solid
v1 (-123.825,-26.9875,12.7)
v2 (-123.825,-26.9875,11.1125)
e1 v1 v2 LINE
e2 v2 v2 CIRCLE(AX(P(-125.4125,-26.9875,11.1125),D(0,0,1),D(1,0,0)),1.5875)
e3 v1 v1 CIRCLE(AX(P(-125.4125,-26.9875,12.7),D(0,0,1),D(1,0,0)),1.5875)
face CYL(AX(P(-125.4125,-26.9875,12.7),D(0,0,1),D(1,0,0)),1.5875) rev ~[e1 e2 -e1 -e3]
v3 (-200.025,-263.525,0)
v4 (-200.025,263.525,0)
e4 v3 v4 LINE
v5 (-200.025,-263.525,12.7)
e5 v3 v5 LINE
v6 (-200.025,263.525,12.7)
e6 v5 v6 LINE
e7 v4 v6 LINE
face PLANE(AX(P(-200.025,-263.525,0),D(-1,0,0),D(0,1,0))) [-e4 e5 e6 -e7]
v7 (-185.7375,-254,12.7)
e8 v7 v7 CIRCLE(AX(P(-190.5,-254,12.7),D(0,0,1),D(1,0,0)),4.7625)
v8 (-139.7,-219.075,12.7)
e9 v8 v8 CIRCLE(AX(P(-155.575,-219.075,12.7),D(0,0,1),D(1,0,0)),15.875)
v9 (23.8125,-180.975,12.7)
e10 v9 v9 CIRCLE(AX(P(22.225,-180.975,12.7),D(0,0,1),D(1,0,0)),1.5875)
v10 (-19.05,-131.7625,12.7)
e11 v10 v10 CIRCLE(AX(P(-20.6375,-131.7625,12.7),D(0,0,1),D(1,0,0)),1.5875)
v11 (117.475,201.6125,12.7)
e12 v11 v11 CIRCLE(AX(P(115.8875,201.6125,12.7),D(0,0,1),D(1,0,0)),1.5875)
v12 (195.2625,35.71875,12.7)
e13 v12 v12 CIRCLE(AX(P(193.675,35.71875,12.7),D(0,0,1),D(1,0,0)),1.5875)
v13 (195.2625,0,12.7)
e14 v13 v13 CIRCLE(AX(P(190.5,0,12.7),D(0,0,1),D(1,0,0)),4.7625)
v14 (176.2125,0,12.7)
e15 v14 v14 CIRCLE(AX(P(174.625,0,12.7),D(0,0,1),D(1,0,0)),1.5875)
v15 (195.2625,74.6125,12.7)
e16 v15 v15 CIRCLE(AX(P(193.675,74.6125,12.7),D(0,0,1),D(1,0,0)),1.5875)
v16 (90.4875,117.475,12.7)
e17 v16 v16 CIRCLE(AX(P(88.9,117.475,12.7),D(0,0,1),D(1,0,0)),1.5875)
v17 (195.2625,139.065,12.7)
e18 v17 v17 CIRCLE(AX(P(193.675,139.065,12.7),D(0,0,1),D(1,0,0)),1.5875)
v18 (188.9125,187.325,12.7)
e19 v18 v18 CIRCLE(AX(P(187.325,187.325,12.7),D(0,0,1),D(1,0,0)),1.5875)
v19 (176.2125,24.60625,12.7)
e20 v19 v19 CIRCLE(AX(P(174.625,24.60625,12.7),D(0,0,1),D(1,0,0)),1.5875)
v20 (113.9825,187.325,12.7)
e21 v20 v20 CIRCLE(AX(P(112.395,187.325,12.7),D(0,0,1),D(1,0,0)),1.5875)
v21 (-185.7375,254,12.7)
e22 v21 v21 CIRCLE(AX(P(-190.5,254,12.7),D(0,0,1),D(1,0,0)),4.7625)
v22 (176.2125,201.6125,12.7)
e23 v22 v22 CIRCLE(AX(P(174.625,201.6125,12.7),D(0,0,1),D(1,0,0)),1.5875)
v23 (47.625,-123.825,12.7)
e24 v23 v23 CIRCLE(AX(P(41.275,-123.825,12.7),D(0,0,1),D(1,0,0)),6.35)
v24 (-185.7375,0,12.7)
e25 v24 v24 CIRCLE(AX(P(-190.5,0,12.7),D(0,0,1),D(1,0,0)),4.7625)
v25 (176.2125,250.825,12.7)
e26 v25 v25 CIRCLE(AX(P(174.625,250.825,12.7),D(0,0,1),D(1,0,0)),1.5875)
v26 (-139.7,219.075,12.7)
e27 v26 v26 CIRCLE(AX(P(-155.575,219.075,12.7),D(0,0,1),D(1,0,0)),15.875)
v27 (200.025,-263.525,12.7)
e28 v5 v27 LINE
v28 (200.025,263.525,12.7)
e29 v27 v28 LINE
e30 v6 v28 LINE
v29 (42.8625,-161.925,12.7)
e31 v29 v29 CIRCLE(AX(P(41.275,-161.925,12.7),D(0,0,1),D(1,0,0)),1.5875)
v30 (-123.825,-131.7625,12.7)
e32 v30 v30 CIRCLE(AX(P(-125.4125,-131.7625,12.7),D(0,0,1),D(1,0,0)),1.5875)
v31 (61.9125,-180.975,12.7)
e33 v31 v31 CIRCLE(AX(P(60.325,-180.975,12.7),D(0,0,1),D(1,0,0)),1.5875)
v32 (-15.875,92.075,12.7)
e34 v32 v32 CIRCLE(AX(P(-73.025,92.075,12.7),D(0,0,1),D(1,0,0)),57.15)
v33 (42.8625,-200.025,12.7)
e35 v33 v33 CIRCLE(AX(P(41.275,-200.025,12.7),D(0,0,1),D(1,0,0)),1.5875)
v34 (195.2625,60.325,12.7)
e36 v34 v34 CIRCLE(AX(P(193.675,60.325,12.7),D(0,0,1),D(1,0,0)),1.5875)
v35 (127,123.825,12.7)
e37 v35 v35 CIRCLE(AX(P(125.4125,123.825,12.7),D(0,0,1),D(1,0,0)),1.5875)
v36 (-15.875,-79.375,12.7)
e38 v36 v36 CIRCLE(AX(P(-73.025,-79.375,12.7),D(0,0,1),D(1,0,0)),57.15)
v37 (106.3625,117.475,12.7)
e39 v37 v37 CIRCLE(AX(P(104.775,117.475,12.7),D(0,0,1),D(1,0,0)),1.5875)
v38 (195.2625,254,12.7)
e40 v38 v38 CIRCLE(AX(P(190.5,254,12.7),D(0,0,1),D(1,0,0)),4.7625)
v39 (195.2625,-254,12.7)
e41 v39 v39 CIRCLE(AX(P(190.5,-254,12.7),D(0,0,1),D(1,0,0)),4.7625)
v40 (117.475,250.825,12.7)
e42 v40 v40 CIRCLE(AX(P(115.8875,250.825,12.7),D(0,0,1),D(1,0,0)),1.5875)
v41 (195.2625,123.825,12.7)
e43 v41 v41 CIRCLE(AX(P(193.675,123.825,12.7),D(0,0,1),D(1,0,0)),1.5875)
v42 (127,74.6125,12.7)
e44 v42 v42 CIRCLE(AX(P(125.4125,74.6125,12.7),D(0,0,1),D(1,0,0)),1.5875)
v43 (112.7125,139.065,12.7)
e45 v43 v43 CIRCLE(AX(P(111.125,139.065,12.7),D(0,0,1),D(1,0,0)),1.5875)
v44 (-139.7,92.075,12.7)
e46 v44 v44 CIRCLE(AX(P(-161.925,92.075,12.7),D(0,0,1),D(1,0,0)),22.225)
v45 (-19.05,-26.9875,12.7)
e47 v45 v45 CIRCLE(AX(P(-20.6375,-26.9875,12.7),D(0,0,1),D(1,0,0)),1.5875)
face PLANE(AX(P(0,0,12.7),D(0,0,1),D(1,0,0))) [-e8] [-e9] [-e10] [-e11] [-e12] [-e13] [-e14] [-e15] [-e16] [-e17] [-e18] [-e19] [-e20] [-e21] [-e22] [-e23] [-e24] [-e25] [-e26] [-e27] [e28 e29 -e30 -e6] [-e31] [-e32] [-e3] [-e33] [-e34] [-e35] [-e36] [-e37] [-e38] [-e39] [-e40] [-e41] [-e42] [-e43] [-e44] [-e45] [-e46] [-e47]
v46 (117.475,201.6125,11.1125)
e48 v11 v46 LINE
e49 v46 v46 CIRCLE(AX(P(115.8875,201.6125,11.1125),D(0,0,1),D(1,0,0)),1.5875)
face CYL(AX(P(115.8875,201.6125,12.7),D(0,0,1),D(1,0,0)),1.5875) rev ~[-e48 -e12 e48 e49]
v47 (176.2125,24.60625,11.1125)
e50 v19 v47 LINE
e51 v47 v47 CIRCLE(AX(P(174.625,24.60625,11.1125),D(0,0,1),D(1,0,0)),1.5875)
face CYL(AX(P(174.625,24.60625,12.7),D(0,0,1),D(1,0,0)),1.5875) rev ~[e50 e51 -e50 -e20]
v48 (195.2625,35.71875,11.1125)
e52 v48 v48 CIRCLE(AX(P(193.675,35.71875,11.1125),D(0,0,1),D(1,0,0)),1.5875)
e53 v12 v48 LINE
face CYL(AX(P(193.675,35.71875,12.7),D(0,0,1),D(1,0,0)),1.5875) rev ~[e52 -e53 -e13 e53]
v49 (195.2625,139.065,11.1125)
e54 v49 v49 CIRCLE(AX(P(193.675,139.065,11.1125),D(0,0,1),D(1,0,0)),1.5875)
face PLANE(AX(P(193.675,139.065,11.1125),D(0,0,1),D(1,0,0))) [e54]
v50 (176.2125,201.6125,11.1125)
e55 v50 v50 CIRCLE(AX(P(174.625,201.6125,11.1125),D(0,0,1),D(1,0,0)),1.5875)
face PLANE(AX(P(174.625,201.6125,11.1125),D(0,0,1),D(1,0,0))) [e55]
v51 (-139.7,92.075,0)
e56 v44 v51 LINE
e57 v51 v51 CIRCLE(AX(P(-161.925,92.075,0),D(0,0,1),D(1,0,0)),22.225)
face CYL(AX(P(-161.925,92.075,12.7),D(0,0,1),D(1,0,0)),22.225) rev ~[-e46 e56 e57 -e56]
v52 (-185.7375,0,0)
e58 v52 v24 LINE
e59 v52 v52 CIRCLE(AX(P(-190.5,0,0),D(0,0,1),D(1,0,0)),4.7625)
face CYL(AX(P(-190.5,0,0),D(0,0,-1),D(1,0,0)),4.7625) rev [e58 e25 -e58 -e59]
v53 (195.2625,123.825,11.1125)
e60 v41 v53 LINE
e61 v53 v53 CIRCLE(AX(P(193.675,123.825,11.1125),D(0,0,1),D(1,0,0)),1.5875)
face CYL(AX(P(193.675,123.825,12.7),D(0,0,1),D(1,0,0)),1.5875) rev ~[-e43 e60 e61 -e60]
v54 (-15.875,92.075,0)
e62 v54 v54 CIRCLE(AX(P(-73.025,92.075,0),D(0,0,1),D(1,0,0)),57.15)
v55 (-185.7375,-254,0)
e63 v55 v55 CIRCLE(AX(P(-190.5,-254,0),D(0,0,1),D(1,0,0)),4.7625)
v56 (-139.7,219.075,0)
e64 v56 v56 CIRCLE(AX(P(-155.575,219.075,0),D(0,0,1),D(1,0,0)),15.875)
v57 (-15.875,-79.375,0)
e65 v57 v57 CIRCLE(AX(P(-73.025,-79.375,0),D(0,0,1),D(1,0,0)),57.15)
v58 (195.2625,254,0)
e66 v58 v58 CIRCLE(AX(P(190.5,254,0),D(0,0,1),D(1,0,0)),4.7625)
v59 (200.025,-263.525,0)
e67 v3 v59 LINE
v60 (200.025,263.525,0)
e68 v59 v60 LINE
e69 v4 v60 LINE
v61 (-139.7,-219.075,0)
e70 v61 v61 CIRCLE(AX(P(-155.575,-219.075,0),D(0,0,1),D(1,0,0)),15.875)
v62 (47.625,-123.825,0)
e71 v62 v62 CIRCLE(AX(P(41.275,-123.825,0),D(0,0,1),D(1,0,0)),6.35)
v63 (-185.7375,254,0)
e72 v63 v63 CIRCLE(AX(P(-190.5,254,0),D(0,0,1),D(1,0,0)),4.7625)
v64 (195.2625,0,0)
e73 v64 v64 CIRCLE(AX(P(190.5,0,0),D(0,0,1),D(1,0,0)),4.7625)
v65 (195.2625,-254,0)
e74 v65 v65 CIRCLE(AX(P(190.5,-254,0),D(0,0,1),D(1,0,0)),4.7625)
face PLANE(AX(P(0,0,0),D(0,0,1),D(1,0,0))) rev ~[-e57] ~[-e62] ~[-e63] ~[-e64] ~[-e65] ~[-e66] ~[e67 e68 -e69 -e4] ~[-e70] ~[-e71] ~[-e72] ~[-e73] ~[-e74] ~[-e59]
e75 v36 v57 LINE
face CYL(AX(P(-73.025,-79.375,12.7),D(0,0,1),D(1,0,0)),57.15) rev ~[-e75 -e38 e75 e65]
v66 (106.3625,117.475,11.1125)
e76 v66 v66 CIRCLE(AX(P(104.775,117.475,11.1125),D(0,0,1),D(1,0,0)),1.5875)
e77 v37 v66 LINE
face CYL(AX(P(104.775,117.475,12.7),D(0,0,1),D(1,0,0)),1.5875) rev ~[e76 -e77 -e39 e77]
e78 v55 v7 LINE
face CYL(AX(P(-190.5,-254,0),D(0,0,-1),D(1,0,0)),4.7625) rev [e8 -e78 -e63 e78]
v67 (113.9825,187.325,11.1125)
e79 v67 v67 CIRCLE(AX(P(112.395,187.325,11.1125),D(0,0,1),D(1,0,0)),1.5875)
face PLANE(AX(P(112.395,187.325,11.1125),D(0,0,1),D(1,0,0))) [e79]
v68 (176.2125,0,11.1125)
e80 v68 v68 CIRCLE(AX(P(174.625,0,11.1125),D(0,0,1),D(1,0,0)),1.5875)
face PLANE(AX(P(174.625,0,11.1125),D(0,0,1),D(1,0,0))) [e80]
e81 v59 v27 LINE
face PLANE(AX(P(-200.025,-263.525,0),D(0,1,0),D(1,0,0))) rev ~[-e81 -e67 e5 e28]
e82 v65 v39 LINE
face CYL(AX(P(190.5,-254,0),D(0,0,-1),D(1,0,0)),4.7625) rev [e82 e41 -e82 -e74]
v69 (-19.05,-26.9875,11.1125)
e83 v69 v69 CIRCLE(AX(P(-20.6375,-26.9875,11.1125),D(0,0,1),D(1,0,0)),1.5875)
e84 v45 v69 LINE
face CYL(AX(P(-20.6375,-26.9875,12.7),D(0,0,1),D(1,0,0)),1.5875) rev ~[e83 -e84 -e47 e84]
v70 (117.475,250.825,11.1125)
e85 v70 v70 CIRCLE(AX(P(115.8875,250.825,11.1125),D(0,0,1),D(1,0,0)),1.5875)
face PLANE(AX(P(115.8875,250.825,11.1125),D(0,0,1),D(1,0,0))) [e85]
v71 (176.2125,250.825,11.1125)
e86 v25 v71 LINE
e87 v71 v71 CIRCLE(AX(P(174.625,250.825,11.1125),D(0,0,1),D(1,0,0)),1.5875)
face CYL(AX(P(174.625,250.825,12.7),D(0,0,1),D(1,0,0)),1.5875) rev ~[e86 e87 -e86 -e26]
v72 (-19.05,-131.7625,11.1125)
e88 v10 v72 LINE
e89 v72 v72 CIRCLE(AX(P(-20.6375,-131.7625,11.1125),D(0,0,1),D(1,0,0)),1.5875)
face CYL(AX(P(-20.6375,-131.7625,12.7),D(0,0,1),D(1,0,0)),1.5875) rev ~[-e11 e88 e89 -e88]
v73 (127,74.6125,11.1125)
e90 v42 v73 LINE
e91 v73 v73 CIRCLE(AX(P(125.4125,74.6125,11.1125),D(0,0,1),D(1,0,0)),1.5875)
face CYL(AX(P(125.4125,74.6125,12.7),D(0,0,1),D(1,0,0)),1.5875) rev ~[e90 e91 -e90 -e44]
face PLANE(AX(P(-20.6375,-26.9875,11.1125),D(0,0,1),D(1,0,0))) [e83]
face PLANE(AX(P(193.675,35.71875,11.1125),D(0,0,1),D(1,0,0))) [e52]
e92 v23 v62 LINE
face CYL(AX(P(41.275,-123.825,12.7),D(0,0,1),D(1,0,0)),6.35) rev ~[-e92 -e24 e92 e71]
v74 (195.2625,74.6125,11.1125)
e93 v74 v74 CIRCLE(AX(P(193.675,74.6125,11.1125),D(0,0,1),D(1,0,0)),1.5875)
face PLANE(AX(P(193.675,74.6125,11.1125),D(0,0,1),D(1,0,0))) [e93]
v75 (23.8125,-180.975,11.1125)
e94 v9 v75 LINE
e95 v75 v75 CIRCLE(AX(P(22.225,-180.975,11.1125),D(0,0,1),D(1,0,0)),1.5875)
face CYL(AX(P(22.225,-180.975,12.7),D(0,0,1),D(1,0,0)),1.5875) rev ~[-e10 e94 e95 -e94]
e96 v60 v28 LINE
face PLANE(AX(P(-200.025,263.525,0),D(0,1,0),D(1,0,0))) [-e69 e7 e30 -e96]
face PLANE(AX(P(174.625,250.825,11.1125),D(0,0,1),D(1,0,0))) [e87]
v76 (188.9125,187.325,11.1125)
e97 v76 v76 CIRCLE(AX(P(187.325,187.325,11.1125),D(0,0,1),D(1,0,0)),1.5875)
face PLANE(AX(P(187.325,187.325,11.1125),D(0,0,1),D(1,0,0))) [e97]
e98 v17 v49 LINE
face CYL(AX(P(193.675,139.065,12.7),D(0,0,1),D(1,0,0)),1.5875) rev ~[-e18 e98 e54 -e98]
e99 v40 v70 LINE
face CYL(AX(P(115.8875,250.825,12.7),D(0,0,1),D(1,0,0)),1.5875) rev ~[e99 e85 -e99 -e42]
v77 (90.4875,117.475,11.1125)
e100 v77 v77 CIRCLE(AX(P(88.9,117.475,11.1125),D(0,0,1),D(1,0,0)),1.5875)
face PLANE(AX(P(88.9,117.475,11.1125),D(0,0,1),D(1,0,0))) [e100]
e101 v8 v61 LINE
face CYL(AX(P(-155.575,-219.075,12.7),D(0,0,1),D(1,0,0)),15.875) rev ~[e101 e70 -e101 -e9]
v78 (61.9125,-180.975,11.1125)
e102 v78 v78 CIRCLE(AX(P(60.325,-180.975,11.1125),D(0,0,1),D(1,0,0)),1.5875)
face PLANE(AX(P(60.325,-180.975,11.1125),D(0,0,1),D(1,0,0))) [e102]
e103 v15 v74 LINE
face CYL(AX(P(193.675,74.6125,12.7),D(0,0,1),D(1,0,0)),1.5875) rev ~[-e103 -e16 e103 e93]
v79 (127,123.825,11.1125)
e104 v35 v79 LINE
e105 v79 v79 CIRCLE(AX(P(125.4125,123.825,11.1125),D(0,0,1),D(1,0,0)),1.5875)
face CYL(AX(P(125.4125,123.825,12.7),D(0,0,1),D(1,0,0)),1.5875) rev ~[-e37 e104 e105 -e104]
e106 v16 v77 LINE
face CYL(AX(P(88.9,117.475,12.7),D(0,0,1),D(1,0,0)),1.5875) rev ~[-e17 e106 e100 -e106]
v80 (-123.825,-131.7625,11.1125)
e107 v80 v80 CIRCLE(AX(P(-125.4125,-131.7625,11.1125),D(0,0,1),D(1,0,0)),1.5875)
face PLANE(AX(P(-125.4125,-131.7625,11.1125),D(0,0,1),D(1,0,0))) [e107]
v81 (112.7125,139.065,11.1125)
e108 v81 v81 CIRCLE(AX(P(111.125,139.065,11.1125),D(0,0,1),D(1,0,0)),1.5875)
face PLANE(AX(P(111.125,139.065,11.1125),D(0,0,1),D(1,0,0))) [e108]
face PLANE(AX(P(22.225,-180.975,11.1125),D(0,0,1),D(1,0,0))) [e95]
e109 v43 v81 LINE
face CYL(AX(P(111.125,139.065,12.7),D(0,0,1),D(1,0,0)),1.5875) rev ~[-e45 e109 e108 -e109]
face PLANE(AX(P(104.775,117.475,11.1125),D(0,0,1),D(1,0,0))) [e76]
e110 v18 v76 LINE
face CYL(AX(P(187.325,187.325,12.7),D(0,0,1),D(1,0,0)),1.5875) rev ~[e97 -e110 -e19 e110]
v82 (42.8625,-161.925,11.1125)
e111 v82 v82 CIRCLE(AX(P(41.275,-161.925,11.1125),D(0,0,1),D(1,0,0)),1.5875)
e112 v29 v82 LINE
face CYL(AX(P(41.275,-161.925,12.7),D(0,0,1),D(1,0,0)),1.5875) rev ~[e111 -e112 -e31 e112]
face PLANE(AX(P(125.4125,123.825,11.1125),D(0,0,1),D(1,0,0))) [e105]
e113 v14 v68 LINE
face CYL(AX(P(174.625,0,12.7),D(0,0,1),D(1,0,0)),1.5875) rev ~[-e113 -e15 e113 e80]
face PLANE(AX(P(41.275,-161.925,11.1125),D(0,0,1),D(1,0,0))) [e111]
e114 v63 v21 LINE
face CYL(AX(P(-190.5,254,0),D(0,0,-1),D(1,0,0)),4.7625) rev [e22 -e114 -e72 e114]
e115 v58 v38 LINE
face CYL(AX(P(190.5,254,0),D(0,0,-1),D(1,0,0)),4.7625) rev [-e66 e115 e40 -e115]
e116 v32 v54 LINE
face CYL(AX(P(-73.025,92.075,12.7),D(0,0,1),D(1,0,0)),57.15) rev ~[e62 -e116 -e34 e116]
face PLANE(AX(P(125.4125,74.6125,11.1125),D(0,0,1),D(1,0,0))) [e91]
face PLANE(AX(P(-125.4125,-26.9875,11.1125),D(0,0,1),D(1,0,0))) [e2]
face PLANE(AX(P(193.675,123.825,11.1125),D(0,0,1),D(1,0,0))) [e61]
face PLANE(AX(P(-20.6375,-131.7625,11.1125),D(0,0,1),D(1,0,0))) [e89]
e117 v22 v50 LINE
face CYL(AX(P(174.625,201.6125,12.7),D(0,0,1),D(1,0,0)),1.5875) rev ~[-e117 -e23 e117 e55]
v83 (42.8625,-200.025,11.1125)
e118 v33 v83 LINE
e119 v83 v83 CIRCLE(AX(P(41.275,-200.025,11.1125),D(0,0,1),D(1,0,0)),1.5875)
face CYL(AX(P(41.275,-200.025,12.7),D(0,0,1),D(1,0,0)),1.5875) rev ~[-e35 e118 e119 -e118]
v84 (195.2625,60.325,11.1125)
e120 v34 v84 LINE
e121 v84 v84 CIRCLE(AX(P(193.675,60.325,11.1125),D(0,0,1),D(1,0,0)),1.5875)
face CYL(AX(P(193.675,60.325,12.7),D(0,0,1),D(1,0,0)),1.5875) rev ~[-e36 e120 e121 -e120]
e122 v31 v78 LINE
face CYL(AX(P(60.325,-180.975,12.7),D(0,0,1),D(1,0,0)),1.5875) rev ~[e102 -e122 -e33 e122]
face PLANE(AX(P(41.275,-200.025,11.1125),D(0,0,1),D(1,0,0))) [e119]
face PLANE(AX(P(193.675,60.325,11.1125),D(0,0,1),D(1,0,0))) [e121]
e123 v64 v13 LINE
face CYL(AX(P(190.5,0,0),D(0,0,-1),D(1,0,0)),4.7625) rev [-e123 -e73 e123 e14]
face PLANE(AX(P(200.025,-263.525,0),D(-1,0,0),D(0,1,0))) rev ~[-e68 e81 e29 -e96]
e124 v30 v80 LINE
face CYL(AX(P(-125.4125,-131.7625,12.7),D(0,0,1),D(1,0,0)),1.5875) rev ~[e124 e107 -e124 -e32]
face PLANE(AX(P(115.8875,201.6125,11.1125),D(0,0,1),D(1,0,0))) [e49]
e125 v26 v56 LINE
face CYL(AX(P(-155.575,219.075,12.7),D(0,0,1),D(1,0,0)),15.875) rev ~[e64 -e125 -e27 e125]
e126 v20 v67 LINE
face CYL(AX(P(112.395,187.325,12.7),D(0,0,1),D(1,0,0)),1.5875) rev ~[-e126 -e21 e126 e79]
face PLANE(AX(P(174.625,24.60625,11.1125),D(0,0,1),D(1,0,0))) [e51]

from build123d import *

# Parameters (mm, degrees)
SKETCH2_W           = 400.05
SKETCH2_H           = 527.05
SKETCH2_R           = 4.7625
BOSS_EXTRUDE1_DEPTH = 12.7
SKETCH3_R           = 15.875
SKETCH3_R_2         = 22.225
SKETCH3_R_3         = 57.15
CUT_EXTRUDE1_DEPTH  = 332.084152822
SKETCH4_R           = 1.5875
CUT_EXTRUDE2_DEPTH  = 1.5875
SKETCH7_R           = 6.35
CUT_EXTRUDE4_DEPTH  = 332.084152822


with BuildPart() as part:
    # Sketch2 → Boss-Extrude1 (new body)
    with BuildSketch(Plane.XY):
        Rectangle(SKETCH2_W, SKETCH2_H)
        with Locations((-190.5, 254)):
            Circle(SKETCH2_R, mode=Mode.SUBTRACT)
        with Locations((190.5, 254)):
            Circle(SKETCH2_R, mode=Mode.SUBTRACT)
        with Locations((-190.5, -254)):
            Circle(SKETCH2_R, mode=Mode.SUBTRACT)
        with Locations((190.5, -254)):
            Circle(SKETCH2_R, mode=Mode.SUBTRACT)
        with Locations((-190.5, 0)):
            Circle(SKETCH2_R, mode=Mode.SUBTRACT)
        with Locations((190.5, 0)):
            Circle(SKETCH2_R, mode=Mode.SUBTRACT)
    extrude(amount=BOSS_EXTRUDE1_DEPTH)

    # Sketch3 → Cut-Extrude1 (cut, through all)
    with BuildSketch(Plane.XY.offset(12.7)):
        with Locations((-155.575, 219.075)):
            Circle(SKETCH3_R)
        with Locations((-161.925, 92.075)):
            Circle(SKETCH3_R_2)
        with Locations((-73.025, 92.075)):
            Circle(SKETCH3_R_3)
        with Locations((-73.025, -79.375)):
            Circle(SKETCH3_R_3)
        with Locations((-155.575, -219.075)):
            Circle(SKETCH3_R)
    extrude(amount=-CUT_EXTRUDE1_DEPTH, mode=Mode.SUBTRACT)

    # Sketch4 → Cut-Extrude2 (cut)
    with BuildSketch(Plane.XY.offset(12.7)):
        with Locations((60.325, -180.975)):
            Circle(SKETCH4_R)
        with Locations((22.225, -180.975)):
            Circle(SKETCH4_R)
        with Locations((41.275, -161.925)):
            Circle(SKETCH4_R)
        with Locations((193.675, 35.71875)):
            Circle(SKETCH4_R)
        with Locations((174.625, 0)):
            Circle(SKETCH4_R)
        with Locations((193.675, 60.325)):
            Circle(SKETCH4_R)
        with Locations((193.675, 74.6125)):
            Circle(SKETCH4_R)
        with Locations((193.675, 123.825)):
            Circle(SKETCH4_R)
        with Locations((125.4125, 123.825)):
            Circle(SKETCH4_R)
        with Locations((125.4125, 74.6125)):
            Circle(SKETCH4_R)
        with Locations((88.9, 117.475)):
            Circle(SKETCH4_R)
        with Locations((104.775, 117.475)):
            Circle(SKETCH4_R)
        with Locations((115.8875, 250.825)):
            Circle(SKETCH4_R)
        with Locations((174.625, 250.825)):
            Circle(SKETCH4_R)
        with Locations((174.625, 201.6125)):
            Circle(SKETCH4_R)
        with Locations((115.8875, 201.6125)):
            Circle(SKETCH4_R)
        with Locations((112.395, 187.325)):
            Circle(SKETCH4_R)
        with Locations((187.325, 187.325)):
            Circle(SKETCH4_R)
        with Locations((111.125, 139.065)):
            Circle(SKETCH4_R)
        with Locations((193.675, 139.065)):
            Circle(SKETCH4_R)
        with Locations((41.275, -200.025)):
            Circle(SKETCH4_R)
        with Locations((174.625, 24.60625)):
            Circle(SKETCH4_R)
        with Locations((-125.4125, -26.9875)):
            Circle(SKETCH4_R)
        with Locations((-20.6375, -26.9875)):
            Circle(SKETCH4_R)
        with Locations((-20.6375, -131.7625)):
            Circle(SKETCH4_R)
        with Locations((-125.4125, -131.7625)):
            Circle(SKETCH4_R)
    extrude(amount=-CUT_EXTRUDE2_DEPTH, mode=Mode.SUBTRACT)

    # Sketch7 → Cut-Extrude4 (cut, through all)
    with BuildSketch(Plane.XY.offset(12.7)):
        with Locations((41.275, -123.825)):
            Circle(SKETCH7_R)
    extrude(amount=-CUT_EXTRUDE4_DEPTH, mode=Mode.SUBTRACT)


solid = part.part
